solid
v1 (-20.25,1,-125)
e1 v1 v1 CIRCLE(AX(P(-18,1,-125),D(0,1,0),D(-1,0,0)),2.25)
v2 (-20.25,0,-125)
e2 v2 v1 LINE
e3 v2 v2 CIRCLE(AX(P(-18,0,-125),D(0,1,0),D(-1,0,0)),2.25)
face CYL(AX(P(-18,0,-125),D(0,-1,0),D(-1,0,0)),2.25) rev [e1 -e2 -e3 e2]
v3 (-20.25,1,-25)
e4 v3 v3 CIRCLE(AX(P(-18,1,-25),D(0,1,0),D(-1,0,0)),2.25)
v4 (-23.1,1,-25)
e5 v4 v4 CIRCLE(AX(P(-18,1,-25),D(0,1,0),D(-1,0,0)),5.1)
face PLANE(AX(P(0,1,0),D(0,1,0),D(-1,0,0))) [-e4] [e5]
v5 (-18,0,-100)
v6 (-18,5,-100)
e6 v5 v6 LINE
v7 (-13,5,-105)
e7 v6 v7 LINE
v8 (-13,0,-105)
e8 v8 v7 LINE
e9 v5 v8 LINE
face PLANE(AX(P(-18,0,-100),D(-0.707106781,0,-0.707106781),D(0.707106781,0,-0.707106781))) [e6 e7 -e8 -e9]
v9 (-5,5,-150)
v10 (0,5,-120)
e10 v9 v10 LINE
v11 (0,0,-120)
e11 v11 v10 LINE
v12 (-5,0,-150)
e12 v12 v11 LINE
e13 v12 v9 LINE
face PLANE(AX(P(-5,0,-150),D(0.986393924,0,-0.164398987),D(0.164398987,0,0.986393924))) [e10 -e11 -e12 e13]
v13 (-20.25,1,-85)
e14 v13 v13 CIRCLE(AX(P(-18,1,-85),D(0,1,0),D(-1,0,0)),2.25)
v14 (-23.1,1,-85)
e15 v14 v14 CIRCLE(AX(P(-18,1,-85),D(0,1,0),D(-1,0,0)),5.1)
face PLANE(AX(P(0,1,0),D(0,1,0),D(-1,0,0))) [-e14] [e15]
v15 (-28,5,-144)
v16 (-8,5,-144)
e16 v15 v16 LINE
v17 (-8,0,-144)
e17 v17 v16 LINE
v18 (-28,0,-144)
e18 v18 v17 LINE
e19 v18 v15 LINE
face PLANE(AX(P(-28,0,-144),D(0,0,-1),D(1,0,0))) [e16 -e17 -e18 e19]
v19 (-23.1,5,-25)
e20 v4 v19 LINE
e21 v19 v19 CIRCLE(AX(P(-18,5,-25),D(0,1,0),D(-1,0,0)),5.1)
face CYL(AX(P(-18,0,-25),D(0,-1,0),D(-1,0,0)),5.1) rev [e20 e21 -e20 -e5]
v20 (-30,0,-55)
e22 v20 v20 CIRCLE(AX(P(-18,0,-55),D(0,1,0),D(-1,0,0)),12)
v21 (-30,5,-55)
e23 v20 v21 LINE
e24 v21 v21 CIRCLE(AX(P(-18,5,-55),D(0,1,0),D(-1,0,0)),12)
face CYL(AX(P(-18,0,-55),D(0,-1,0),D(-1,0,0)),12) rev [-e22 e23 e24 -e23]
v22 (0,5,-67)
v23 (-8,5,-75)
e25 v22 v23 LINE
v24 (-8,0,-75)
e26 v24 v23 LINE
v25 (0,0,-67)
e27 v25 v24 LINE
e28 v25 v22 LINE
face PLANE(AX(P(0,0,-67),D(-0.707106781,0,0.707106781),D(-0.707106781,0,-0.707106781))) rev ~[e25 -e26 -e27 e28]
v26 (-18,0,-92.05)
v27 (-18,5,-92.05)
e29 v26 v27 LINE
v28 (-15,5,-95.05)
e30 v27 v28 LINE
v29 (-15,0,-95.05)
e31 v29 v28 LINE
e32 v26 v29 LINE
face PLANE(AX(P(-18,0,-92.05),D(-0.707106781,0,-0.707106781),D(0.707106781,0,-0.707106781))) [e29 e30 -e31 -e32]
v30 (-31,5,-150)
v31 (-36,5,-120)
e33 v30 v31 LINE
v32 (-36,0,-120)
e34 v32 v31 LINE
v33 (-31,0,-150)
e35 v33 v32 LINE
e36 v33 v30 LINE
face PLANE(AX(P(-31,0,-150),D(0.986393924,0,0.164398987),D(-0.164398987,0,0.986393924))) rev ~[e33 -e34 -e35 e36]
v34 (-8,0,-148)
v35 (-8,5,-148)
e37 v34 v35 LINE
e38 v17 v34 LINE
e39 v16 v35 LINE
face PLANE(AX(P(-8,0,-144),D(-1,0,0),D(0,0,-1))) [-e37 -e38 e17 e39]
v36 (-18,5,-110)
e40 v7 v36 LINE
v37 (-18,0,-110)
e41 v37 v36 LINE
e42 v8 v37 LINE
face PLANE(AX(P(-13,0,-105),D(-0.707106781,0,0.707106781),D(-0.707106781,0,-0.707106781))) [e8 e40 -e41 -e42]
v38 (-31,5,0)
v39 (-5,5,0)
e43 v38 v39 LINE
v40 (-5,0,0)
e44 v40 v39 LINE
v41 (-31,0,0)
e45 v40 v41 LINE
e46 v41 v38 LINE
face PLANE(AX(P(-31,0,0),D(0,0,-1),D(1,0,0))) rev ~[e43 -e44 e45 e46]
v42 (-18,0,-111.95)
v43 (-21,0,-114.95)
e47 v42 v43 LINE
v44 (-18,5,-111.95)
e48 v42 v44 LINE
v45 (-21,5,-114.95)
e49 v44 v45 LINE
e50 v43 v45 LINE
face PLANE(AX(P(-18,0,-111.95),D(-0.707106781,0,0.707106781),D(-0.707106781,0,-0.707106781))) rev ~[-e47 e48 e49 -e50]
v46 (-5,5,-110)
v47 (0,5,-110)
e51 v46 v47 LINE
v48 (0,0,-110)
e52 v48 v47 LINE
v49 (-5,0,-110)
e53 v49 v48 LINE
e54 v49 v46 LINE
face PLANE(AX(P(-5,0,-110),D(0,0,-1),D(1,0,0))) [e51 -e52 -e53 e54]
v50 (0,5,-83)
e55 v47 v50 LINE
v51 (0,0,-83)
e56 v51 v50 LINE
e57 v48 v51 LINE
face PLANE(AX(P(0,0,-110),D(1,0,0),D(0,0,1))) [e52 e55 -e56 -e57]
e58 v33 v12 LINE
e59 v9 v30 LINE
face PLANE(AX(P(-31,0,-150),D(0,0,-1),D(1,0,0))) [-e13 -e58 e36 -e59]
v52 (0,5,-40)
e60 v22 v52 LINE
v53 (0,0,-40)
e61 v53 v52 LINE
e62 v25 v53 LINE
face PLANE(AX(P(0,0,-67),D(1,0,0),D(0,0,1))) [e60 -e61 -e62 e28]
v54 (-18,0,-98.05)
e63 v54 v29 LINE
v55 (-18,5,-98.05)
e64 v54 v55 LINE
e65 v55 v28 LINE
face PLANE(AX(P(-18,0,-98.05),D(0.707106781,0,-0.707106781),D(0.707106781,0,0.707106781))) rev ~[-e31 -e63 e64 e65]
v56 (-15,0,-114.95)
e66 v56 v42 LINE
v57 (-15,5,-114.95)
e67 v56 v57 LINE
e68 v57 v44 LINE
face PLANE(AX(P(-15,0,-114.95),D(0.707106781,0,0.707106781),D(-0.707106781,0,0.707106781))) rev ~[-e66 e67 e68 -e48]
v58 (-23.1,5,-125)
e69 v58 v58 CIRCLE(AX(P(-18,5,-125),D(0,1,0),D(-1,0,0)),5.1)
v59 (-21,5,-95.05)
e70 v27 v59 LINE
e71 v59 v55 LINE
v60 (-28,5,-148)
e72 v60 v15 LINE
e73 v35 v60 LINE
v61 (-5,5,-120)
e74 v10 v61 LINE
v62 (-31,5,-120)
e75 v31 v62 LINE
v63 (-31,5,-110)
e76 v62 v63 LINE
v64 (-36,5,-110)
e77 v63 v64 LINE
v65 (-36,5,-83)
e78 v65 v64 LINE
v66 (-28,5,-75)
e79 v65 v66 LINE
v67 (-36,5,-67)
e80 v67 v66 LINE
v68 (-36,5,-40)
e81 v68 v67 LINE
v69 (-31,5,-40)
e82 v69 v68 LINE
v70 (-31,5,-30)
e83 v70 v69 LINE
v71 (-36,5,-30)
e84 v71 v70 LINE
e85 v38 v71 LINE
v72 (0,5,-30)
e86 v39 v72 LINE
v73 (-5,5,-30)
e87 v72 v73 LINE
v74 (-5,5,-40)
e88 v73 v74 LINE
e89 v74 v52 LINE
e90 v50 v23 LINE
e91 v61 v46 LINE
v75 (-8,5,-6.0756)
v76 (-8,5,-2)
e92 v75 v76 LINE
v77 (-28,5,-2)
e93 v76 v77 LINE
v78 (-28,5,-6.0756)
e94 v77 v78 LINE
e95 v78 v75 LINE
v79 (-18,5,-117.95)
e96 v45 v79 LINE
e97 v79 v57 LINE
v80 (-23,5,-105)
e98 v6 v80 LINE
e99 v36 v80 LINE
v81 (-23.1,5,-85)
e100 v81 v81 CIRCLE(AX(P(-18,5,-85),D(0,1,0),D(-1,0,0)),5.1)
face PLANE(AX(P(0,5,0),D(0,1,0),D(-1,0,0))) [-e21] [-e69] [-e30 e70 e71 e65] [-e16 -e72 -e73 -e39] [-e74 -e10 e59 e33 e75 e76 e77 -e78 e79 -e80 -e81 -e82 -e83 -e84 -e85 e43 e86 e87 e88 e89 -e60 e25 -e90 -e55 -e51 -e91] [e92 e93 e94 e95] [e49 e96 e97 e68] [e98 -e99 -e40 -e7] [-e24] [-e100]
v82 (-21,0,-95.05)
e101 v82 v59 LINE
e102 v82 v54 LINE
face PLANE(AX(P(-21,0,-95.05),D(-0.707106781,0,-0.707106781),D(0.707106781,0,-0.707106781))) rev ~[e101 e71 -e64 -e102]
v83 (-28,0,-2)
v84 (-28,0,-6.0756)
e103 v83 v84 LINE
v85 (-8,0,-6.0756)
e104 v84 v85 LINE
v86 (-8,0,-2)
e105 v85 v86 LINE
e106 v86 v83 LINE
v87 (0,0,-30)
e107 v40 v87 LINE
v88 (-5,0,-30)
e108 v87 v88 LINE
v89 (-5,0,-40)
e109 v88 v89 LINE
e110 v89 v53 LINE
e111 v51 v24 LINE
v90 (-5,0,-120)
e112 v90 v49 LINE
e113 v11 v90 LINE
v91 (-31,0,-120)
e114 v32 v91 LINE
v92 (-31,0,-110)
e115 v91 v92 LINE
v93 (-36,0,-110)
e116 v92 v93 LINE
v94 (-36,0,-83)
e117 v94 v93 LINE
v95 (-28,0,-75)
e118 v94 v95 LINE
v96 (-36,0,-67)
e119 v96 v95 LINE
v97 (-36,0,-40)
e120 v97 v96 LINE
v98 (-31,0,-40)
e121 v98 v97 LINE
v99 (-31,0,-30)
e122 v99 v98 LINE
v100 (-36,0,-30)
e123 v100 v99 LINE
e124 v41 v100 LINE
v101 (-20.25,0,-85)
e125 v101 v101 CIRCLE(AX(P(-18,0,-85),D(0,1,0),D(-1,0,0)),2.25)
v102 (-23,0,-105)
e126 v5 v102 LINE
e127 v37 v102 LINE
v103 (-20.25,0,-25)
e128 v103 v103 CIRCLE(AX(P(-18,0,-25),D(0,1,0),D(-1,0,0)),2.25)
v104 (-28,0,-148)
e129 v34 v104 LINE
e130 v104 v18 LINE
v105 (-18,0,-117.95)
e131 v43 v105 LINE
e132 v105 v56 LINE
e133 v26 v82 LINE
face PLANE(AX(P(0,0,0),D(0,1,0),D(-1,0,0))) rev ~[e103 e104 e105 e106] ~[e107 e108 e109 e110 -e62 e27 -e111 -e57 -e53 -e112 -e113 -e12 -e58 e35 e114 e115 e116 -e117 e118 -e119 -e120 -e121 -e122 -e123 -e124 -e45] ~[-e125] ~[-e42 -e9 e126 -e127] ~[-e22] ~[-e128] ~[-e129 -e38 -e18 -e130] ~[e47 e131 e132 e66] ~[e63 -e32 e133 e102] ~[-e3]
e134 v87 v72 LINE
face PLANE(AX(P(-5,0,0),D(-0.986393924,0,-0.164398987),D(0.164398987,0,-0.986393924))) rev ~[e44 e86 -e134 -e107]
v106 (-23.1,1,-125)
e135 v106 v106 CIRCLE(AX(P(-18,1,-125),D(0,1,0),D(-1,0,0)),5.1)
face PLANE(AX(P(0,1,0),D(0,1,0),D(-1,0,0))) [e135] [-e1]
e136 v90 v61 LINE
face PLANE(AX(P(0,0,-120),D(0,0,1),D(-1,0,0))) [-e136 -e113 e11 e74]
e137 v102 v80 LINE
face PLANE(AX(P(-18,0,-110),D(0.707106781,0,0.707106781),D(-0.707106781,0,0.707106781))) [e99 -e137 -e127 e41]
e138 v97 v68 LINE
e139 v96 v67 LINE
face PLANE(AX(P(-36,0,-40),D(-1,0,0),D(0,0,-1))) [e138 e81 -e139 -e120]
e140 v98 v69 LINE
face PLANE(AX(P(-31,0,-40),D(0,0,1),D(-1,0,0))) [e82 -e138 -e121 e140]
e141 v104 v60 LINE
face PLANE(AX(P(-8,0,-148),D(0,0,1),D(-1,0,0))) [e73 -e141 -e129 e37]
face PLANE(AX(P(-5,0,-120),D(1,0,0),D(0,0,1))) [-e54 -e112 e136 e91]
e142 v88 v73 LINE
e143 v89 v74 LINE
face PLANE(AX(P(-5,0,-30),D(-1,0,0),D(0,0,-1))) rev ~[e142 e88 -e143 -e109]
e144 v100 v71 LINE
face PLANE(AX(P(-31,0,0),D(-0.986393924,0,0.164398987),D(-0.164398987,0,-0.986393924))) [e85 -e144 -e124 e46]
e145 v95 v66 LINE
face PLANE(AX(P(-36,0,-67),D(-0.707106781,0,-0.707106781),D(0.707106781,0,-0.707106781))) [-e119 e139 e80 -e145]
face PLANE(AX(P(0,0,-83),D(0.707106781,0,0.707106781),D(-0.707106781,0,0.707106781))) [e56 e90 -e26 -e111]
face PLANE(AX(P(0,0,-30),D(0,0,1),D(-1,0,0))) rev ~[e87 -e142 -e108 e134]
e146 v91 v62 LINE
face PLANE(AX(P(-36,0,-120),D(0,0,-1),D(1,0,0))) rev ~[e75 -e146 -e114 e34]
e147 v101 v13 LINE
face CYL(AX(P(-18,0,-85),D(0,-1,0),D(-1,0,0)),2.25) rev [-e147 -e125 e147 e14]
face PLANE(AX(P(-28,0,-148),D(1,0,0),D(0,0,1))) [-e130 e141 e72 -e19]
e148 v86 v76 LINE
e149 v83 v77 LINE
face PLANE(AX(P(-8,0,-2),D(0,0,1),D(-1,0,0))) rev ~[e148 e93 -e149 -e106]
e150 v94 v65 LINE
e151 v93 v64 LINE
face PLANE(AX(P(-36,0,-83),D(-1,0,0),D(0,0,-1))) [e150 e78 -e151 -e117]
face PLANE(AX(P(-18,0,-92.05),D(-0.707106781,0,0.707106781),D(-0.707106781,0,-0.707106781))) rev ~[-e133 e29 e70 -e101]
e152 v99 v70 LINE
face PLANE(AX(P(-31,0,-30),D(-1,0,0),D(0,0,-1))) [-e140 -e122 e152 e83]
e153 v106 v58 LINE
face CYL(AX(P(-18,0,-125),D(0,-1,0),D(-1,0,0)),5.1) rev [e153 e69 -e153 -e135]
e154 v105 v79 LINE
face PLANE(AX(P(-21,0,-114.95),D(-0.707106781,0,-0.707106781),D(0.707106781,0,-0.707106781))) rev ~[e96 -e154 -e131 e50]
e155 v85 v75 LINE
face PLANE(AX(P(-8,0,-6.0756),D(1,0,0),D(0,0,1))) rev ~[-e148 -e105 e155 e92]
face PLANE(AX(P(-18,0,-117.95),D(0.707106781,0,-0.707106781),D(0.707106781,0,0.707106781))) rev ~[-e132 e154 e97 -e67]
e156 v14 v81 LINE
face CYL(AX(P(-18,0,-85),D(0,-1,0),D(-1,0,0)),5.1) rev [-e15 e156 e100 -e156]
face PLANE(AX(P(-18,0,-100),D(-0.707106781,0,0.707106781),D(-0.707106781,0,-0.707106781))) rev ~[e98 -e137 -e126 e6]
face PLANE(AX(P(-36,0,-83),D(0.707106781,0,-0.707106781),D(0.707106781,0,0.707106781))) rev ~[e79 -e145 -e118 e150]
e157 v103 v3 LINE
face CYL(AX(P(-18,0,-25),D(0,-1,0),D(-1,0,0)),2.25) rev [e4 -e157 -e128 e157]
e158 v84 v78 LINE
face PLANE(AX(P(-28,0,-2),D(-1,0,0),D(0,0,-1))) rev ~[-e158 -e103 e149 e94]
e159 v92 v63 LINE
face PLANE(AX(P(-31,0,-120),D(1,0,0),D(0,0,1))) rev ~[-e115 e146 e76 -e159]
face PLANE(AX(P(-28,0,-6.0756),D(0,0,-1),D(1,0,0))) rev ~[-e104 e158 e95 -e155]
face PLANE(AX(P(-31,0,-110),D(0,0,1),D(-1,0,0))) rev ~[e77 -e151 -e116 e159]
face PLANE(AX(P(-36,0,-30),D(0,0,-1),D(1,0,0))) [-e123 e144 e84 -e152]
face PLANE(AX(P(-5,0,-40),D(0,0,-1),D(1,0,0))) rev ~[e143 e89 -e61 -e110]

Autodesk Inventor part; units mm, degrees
ref_plane "YZ Plane" through (0, 0, 0) normal (1, 0, 0) x (0, 1, 0)
ref_plane "XZ Plane" through (0, 0, 0) normal (0, 1, 0) x (-1, 0, 0)
ref_plane "XY Plane" through (0, 0, 0) normal (0, 0, 1) x (1, 0, 0)
sketch "Sketch1" plane through (0, 0, 0) normal (0, 1, 0) x (-1, 0, 0)
  line L0 (36, -30) -> (36, -120)
  line L1 (31, -150) -> (5, -150)
  line L2 (0, -120) -> (0, -30)
  circle A0 centre (18, -25) radius 5.1
  circle A1 centre (18, -55) radius 12
  circle A2 centre (18, -85) radius 5.1
  circle A3 centre (18, -125) radius 5.1
  line L3 (36, -30) -> (31, -30)
  line L4 (31, -30) -> (31, -40)
  line L5 (31, -40) -> (36, -40)
  line L6 (36, -150) -> (36, -120)
  line L7 (36, -120) -> (31, -120)
  line L8 (31, -120) -> (31, -110)
  line L9 (31, -110) -> (36, -110)
  line L10 (0, -30) -> (5, -30)
  line L11 (5, -30) -> (5, -40)
  line L12 (5, -40) -> (0, -40)
  line L13 (0, -120) -> (5, -120)
  line L14 (5, -120) -> (5, -110)
  line L15 (5, -110) -> (0, -110)
  circle A4 centre (18, -25) radius 2.25
  circle A5 centre (18, -85) radius 2.25
  circle A6 centre (18, -125) radius 2.25
  line L16 (31, 0) -> (36, -30)
  line L17 (31, -150) -> (36, -120)
  line L18 (5, 0) -> (0, -30)
  line L19 (5, -150) -> (0, -120)
  line L20 (31, 0) -> (5, 0)
  line L21 (18, -100) -> (23, -105)
  line L22 (18, -110) -> (23, -105)
  line L23 (18, -100) -> (13, -105)
  line L24 (13, -105) -> (18, -110)
  line L25 (21, -95.05) -> (18, -98.05)
  line L26 (18, -98.05) -> (15, -95.05)
  line L27 (18, -92.05) -> (15, -95.05)
  line L28 (18, -92.05) -> (21, -95.05)
  line L29 (21, -114.95) -> (18, -117.95)
  line L30 (18, -117.95) -> (15, -114.95)
  line L31 (15, -114.95) -> (18, -111.95)
  line L32 (18, -111.95) -> (21, -114.95)
  line L33 (31, -150) -> (28, -150)
  line L34 (5, -150) -> (8, -150)
  line L35 (8, -148) -> (28, -148)
  line L36 (28, -148) -> (28, -144)
  line L37 (28, -144) -> (8, -144)
  line L38 (8, -144) -> (8, -148)
  line L39 (31, 0) -> (28, 0)
  line L40 (5, 0) -> (8, 0)
  line L41 (8, -2) -> (28, -2)
  line L42 (28, -2) -> (28, -6.0756)
  line L43 (28, -6.0756) -> (8, -6.0756)
  line L44 (8, -6.0756) -> (8, -2)
  line L45 (36, -75) -> (36, -83)
  line L46 (36, -75) -> (36, -67)
  line L47 (36, -67) -> (28, -75)
  line L48 (36, -83) -> (28, -75)
  line L49 (0, -75) -> (0, -83)
  line L50 (0, -75) -> (0, -67)
  line L51 (0, -67) -> (8, -75)
  line L52 (0, -83) -> (8, -75)
  point P0 (0, 0)
  point P1 (18, 0)
  point P2 (18, -150)
  dimension "d4" = 24
  dimension "d5" = 30
  dimension "d6" = 10.2
  dimension "d7" = 30
  dimension "d8" = 10.2
  dimension "d9" = 40
  dimension "d12" = 5
  dimension "d15" = 5
  dimension "d16" = 10
  dimension "d17" = 5
  dimension "d19" = 4.5
  dimension "d20" = 4.5
  dimension "d25" = 36
  dimension "d36" = 3
  dimension "d37" = 2
  dimension "d39" = 4
  dimension "d41" = 2
  dimension "d42" = 3
  dimension "d45" = 8
extrude "Extrusion1" add sketch "Sketch1" along normal blind 5 contours L3 L4 L5 L0 L47 L48 L9 L8 L7 L17 L1 L19 L13 L14 L15 L2 L52 L51 L12 L11 L10 L18 L20 L16
extrude "Extrusion2" add sketch "Sketch1" along normal blind 1 contours A0 | A2 | A3
properties part number "Side w motor"
